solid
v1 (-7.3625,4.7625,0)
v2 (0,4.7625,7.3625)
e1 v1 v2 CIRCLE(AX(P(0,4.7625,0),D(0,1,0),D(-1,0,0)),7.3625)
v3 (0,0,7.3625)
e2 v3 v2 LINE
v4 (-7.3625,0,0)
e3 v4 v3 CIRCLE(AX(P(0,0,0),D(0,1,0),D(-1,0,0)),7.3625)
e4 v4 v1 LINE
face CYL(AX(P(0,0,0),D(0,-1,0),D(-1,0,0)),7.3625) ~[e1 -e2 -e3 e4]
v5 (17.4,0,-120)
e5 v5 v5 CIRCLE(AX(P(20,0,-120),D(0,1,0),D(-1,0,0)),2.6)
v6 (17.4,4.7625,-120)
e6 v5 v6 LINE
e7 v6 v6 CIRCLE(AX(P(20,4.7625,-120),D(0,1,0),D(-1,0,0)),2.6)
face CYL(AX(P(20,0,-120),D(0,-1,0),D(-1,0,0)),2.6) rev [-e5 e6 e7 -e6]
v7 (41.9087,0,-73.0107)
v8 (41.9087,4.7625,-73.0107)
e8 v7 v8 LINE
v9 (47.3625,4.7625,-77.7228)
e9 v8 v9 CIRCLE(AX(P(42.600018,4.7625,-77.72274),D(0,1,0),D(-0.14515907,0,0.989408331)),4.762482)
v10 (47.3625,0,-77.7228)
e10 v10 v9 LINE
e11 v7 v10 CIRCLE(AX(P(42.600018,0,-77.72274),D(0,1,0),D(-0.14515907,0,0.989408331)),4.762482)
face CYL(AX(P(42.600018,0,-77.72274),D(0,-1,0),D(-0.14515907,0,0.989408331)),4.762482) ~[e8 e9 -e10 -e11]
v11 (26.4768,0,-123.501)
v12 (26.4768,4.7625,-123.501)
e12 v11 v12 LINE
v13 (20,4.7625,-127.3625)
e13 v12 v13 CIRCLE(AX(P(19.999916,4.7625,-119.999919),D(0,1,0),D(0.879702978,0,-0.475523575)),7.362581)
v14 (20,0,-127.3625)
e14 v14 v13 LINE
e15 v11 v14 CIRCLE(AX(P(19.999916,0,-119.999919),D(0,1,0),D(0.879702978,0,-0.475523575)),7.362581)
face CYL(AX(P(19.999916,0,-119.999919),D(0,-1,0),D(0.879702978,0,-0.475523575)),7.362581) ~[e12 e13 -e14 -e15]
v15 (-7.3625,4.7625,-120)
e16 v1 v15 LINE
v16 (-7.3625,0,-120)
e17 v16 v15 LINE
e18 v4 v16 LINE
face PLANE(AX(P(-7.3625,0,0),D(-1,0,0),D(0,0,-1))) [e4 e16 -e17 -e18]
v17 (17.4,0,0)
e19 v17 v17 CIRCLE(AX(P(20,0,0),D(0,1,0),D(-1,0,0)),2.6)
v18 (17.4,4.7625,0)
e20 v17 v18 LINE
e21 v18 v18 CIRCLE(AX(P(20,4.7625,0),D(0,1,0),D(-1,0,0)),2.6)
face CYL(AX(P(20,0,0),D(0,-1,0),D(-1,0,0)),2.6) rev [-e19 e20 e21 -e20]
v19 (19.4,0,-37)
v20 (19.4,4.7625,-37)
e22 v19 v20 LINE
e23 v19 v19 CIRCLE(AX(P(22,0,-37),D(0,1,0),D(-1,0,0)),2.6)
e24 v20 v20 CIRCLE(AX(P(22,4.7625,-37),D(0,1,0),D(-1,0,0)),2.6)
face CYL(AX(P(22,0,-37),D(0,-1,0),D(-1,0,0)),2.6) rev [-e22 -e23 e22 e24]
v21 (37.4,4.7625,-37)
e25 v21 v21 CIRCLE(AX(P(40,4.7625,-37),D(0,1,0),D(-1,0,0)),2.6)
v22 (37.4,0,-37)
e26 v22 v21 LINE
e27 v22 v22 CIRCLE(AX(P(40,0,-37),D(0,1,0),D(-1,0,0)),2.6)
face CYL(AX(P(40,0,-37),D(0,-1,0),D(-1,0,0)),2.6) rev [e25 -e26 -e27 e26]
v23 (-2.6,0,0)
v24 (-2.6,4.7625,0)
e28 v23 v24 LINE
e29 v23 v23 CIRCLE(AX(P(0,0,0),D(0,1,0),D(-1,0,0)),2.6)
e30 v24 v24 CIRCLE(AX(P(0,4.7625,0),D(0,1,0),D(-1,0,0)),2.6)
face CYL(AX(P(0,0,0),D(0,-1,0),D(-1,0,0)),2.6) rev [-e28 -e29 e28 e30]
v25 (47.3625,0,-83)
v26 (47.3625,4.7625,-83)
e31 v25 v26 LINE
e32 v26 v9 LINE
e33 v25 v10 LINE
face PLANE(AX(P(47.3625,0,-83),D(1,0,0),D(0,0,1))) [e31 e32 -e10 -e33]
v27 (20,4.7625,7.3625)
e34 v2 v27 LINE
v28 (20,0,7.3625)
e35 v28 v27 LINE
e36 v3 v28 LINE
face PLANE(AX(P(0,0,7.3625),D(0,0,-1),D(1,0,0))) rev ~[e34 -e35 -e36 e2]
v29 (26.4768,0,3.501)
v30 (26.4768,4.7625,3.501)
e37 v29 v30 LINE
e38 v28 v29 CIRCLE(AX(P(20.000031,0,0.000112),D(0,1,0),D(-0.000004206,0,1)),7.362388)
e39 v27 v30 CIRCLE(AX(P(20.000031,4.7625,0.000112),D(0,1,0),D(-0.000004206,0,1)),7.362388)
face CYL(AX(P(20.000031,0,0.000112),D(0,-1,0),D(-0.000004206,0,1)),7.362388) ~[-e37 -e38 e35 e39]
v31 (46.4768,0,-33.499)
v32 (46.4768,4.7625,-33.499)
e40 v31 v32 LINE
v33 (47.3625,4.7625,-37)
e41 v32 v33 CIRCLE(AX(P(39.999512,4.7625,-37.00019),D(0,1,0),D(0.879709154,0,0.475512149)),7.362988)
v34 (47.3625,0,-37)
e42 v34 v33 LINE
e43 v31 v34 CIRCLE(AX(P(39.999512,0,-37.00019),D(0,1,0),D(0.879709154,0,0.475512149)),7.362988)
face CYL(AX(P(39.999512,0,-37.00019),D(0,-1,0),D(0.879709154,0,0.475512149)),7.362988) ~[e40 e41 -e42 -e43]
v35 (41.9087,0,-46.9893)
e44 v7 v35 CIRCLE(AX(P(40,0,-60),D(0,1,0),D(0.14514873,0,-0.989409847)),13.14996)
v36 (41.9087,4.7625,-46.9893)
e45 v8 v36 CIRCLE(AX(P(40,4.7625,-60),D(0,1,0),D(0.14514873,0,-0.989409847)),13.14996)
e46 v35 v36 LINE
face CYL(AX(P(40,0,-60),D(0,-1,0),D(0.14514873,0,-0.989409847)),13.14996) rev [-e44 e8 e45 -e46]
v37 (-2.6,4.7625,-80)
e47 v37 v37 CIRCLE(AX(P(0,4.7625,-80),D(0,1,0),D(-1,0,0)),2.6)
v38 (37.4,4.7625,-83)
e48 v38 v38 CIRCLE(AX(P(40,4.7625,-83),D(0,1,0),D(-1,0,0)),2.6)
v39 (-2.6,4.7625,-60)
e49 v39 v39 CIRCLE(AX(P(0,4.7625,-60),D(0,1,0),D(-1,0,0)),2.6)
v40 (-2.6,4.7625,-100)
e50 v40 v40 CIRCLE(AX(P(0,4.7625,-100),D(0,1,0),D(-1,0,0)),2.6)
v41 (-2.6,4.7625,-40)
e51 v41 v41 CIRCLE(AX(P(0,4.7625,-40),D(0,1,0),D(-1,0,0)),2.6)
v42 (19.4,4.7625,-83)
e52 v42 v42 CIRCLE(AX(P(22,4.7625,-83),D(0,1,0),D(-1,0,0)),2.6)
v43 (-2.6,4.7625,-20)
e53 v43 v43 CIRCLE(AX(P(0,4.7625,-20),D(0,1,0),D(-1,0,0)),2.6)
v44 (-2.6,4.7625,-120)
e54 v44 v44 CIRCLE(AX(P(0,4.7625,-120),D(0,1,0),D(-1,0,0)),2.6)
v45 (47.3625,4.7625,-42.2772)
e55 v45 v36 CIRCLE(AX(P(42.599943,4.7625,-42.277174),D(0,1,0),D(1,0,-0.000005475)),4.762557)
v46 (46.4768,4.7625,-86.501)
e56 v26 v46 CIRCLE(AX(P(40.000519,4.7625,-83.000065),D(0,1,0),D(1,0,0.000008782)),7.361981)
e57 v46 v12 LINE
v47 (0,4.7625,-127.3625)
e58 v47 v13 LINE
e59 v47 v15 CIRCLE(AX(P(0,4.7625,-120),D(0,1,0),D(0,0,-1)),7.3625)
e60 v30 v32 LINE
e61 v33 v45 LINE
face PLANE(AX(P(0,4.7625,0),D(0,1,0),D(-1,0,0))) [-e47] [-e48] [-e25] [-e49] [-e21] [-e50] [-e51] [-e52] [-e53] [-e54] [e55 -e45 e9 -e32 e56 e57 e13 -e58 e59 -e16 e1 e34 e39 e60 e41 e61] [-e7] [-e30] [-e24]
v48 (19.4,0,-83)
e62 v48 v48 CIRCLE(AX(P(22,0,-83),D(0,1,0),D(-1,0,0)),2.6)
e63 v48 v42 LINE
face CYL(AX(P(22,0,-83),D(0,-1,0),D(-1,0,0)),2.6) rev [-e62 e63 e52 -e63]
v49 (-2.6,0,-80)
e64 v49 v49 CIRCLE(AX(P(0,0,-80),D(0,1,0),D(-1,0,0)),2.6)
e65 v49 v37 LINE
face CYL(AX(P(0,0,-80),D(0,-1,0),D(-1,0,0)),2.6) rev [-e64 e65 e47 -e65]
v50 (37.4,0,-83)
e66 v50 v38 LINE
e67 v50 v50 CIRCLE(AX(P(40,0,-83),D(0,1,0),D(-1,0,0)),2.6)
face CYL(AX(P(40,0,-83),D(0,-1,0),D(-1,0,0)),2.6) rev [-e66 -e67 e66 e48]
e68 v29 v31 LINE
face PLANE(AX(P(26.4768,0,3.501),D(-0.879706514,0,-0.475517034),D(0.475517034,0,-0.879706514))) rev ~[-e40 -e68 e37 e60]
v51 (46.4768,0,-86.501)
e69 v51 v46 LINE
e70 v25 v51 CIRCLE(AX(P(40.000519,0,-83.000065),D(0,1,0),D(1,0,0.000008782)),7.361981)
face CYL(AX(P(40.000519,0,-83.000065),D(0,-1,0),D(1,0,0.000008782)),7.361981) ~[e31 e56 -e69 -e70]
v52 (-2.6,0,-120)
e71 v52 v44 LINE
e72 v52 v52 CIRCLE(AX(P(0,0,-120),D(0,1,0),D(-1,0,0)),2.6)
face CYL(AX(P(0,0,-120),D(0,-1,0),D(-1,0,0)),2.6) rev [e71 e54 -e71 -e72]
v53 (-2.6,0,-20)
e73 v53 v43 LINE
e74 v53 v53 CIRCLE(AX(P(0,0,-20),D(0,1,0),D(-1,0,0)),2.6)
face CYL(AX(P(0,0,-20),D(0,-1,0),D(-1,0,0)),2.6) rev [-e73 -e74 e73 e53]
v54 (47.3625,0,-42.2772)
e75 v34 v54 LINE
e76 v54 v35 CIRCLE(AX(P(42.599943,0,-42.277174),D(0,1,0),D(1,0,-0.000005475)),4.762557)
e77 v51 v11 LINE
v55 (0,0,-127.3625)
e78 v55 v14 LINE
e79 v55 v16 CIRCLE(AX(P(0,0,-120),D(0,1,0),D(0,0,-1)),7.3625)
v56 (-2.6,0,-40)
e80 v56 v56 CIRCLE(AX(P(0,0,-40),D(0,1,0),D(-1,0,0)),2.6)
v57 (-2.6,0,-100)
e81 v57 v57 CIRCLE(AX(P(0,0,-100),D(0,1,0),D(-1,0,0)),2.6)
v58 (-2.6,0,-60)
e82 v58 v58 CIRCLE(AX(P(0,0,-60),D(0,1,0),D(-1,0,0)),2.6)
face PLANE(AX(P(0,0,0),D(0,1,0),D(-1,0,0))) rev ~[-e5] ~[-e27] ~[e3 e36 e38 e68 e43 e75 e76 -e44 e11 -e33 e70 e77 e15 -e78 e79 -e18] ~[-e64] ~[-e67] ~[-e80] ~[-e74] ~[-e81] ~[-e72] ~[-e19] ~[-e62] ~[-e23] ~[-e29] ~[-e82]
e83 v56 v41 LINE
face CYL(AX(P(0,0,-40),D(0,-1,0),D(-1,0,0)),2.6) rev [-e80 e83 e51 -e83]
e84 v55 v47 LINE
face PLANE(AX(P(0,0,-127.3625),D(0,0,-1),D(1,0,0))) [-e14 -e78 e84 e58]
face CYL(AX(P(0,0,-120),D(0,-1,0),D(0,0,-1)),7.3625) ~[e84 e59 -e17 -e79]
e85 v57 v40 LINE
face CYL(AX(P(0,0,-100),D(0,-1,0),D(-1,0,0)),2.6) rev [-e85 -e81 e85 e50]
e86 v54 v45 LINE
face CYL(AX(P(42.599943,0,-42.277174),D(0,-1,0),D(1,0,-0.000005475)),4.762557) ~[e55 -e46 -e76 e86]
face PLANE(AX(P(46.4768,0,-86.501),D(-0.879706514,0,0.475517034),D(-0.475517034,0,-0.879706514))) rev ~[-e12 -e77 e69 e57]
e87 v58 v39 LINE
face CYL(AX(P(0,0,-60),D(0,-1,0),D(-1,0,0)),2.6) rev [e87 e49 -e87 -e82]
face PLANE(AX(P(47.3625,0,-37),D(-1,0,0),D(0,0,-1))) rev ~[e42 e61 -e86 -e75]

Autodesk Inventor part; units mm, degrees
ref_plane "YZ Plane" through (0, 0, 0) normal (1, 0, 0) x (0, 1, 0)
ref_plane "XZ Plane" through (0, 0, 0) normal (0, 1, 0) x (-1, 0, 0)
ref_plane "XY Plane" through (0, 0, 0) normal (0, 0, 1) x (1, 0, 0)
sketch "Sketch1" plane through (0, 0, 0) normal (0, 1, 0) x (-1, 0, 0)
  circle A0 centre (0, 0) radius 2.6
  line L0 (0, 0) -> (0, -2.6) construction
  line L1 (0, 0) -> (-2.6, 0) construction
  circle A1 centre (0, -20) radius 2.6
  circle A2 centre (0, -40) radius 2.6
  circle A3 centre (0, -60) radius 2.6
  circle A4 centre (0, -80) radius 2.6
  circle A5 centre (0, -100) radius 2.6
  circle A6 centre (0, -120) radius 2.6
  circle A7 centre (-20, 0) radius 2.6
  circle A8 centre (-20, -120) radius 2.6
  circle A9 centre (-22, -37) radius 2.6
  line L2 (-22, -37) -> (-22, -39.6) construction
  line L3 (-22, -37) -> (-24.6, -37) construction
  circle A10 centre (-22, -83) radius 2.6
  circle A11 centre (-40, -37) radius 2.6
  circle A12 centre (-40, -83) radius 2.6
  circle A13 centre (0, 0) radius 7.3625 construction
  circle A14 centre (-20, 0) radius 7.3625 construction
  circle A15 centre (-40, -37) radius 7.3625 construction
  circle A16 centre (-40, -83) radius 7.3625 construction
  circle A17 centre (-20, -120) radius 7.3625 construction
  circle A18 centre (0, -120) radius 7.3625 construction
  circle A19 centre (-40, -60) radius 13.15 construction
  line L4 (7.3625, 0) -> (7.3625, -120)
  line L5 (0, -127.3625) -> (-20, -127.3625)
  line L6 (0, 7.3625) -> (-20, 7.3625)
  line L7 (-26.4768, 3.501) -> (-46.4768, -33.499)
  line L8 (-46.4768, -86.501) -> (-26.4768, -123.501)
  line L9 (-47.3625, -37) -> (-47.3625, -42.2772)
  line L10 (-47.3625, -83) -> (-47.3625, -77.7228)
  arc A20 (-41.9087, -73.0107) -> (-41.9087, -46.9893) centre (-40, -60) ccw
  arc A21 (-47.3625, -42.2772) -> (-41.9087, -46.9893) centre (-42.6, -42.2772) ccw
  arc A22 (-41.9087, -73.0107) -> (-47.3625, -77.7228) centre (-42.6, -77.7228) ccw
  arc A23 (-47.3625, -83) -> (-46.4768, -86.501) centre (-40, -83) ccw
  arc A24 (-46.4768, -33.499) -> (-47.3625, -37) centre (-40, -37) ccw
  arc A25 (-20, 7.3625) -> (-26.4768, 3.501) centre (-20, 0) ccw
  arc A26 (7.3625, 0) -> (0, 7.3625) centre (0, 0) ccw
  arc A27 (0, -127.3625) -> (7.3625, -120) centre (0, -120) ccw
  arc A28 (-26.4768, -123.501) -> (-20, -127.3625) centre (-20, -120) ccw
  point P0 (0, -22.6)
  point P1 (-2.6, -20)
  point P2 (0, -42.6)
  point P3 (-2.6, -40)
  point P4 (0, -62.6)
  point P5 (-2.6, -60)
  point P6 (0, -82.6)
  point P7 (-2.6, -80)
  point P8 (0, -102.6)
  point P9 (-2.6, -100)
  point P10 (0, -122.6)
  point P11 (-2.6, -120)
  point P12 (-22, -85.6)
  point P13 (-24.6, -83)
  point P14 (-40, -39.6)
  point P15 (-42.6, -37)
  point P16 (-40, -85.6)
  point P17 (-42.6, -83)
  point P18 (-47.3625, -49.1043)
  point P19 (-47.3625, -70.8957)
  dimension "d0" = 5.2
  dimension "d3" = 20
  dimension "d8" = 20
  dimension "d9" = 37
  dimension "d10" = 2
  dimension "d13" = 46
  dimension "d16" = 18
  dimension "d19" = 4.7625
  dimension "d20" = 26.3
  dimension "d21" = 23
  dimension "d22" = 4.7625
extrude "Extrusion1" add sketch "Sketch1" along normal blind 4.7625
properties part number "CNC-007-XAxisBallScrewMount" material "Steel AISI 1008 91 HR"
